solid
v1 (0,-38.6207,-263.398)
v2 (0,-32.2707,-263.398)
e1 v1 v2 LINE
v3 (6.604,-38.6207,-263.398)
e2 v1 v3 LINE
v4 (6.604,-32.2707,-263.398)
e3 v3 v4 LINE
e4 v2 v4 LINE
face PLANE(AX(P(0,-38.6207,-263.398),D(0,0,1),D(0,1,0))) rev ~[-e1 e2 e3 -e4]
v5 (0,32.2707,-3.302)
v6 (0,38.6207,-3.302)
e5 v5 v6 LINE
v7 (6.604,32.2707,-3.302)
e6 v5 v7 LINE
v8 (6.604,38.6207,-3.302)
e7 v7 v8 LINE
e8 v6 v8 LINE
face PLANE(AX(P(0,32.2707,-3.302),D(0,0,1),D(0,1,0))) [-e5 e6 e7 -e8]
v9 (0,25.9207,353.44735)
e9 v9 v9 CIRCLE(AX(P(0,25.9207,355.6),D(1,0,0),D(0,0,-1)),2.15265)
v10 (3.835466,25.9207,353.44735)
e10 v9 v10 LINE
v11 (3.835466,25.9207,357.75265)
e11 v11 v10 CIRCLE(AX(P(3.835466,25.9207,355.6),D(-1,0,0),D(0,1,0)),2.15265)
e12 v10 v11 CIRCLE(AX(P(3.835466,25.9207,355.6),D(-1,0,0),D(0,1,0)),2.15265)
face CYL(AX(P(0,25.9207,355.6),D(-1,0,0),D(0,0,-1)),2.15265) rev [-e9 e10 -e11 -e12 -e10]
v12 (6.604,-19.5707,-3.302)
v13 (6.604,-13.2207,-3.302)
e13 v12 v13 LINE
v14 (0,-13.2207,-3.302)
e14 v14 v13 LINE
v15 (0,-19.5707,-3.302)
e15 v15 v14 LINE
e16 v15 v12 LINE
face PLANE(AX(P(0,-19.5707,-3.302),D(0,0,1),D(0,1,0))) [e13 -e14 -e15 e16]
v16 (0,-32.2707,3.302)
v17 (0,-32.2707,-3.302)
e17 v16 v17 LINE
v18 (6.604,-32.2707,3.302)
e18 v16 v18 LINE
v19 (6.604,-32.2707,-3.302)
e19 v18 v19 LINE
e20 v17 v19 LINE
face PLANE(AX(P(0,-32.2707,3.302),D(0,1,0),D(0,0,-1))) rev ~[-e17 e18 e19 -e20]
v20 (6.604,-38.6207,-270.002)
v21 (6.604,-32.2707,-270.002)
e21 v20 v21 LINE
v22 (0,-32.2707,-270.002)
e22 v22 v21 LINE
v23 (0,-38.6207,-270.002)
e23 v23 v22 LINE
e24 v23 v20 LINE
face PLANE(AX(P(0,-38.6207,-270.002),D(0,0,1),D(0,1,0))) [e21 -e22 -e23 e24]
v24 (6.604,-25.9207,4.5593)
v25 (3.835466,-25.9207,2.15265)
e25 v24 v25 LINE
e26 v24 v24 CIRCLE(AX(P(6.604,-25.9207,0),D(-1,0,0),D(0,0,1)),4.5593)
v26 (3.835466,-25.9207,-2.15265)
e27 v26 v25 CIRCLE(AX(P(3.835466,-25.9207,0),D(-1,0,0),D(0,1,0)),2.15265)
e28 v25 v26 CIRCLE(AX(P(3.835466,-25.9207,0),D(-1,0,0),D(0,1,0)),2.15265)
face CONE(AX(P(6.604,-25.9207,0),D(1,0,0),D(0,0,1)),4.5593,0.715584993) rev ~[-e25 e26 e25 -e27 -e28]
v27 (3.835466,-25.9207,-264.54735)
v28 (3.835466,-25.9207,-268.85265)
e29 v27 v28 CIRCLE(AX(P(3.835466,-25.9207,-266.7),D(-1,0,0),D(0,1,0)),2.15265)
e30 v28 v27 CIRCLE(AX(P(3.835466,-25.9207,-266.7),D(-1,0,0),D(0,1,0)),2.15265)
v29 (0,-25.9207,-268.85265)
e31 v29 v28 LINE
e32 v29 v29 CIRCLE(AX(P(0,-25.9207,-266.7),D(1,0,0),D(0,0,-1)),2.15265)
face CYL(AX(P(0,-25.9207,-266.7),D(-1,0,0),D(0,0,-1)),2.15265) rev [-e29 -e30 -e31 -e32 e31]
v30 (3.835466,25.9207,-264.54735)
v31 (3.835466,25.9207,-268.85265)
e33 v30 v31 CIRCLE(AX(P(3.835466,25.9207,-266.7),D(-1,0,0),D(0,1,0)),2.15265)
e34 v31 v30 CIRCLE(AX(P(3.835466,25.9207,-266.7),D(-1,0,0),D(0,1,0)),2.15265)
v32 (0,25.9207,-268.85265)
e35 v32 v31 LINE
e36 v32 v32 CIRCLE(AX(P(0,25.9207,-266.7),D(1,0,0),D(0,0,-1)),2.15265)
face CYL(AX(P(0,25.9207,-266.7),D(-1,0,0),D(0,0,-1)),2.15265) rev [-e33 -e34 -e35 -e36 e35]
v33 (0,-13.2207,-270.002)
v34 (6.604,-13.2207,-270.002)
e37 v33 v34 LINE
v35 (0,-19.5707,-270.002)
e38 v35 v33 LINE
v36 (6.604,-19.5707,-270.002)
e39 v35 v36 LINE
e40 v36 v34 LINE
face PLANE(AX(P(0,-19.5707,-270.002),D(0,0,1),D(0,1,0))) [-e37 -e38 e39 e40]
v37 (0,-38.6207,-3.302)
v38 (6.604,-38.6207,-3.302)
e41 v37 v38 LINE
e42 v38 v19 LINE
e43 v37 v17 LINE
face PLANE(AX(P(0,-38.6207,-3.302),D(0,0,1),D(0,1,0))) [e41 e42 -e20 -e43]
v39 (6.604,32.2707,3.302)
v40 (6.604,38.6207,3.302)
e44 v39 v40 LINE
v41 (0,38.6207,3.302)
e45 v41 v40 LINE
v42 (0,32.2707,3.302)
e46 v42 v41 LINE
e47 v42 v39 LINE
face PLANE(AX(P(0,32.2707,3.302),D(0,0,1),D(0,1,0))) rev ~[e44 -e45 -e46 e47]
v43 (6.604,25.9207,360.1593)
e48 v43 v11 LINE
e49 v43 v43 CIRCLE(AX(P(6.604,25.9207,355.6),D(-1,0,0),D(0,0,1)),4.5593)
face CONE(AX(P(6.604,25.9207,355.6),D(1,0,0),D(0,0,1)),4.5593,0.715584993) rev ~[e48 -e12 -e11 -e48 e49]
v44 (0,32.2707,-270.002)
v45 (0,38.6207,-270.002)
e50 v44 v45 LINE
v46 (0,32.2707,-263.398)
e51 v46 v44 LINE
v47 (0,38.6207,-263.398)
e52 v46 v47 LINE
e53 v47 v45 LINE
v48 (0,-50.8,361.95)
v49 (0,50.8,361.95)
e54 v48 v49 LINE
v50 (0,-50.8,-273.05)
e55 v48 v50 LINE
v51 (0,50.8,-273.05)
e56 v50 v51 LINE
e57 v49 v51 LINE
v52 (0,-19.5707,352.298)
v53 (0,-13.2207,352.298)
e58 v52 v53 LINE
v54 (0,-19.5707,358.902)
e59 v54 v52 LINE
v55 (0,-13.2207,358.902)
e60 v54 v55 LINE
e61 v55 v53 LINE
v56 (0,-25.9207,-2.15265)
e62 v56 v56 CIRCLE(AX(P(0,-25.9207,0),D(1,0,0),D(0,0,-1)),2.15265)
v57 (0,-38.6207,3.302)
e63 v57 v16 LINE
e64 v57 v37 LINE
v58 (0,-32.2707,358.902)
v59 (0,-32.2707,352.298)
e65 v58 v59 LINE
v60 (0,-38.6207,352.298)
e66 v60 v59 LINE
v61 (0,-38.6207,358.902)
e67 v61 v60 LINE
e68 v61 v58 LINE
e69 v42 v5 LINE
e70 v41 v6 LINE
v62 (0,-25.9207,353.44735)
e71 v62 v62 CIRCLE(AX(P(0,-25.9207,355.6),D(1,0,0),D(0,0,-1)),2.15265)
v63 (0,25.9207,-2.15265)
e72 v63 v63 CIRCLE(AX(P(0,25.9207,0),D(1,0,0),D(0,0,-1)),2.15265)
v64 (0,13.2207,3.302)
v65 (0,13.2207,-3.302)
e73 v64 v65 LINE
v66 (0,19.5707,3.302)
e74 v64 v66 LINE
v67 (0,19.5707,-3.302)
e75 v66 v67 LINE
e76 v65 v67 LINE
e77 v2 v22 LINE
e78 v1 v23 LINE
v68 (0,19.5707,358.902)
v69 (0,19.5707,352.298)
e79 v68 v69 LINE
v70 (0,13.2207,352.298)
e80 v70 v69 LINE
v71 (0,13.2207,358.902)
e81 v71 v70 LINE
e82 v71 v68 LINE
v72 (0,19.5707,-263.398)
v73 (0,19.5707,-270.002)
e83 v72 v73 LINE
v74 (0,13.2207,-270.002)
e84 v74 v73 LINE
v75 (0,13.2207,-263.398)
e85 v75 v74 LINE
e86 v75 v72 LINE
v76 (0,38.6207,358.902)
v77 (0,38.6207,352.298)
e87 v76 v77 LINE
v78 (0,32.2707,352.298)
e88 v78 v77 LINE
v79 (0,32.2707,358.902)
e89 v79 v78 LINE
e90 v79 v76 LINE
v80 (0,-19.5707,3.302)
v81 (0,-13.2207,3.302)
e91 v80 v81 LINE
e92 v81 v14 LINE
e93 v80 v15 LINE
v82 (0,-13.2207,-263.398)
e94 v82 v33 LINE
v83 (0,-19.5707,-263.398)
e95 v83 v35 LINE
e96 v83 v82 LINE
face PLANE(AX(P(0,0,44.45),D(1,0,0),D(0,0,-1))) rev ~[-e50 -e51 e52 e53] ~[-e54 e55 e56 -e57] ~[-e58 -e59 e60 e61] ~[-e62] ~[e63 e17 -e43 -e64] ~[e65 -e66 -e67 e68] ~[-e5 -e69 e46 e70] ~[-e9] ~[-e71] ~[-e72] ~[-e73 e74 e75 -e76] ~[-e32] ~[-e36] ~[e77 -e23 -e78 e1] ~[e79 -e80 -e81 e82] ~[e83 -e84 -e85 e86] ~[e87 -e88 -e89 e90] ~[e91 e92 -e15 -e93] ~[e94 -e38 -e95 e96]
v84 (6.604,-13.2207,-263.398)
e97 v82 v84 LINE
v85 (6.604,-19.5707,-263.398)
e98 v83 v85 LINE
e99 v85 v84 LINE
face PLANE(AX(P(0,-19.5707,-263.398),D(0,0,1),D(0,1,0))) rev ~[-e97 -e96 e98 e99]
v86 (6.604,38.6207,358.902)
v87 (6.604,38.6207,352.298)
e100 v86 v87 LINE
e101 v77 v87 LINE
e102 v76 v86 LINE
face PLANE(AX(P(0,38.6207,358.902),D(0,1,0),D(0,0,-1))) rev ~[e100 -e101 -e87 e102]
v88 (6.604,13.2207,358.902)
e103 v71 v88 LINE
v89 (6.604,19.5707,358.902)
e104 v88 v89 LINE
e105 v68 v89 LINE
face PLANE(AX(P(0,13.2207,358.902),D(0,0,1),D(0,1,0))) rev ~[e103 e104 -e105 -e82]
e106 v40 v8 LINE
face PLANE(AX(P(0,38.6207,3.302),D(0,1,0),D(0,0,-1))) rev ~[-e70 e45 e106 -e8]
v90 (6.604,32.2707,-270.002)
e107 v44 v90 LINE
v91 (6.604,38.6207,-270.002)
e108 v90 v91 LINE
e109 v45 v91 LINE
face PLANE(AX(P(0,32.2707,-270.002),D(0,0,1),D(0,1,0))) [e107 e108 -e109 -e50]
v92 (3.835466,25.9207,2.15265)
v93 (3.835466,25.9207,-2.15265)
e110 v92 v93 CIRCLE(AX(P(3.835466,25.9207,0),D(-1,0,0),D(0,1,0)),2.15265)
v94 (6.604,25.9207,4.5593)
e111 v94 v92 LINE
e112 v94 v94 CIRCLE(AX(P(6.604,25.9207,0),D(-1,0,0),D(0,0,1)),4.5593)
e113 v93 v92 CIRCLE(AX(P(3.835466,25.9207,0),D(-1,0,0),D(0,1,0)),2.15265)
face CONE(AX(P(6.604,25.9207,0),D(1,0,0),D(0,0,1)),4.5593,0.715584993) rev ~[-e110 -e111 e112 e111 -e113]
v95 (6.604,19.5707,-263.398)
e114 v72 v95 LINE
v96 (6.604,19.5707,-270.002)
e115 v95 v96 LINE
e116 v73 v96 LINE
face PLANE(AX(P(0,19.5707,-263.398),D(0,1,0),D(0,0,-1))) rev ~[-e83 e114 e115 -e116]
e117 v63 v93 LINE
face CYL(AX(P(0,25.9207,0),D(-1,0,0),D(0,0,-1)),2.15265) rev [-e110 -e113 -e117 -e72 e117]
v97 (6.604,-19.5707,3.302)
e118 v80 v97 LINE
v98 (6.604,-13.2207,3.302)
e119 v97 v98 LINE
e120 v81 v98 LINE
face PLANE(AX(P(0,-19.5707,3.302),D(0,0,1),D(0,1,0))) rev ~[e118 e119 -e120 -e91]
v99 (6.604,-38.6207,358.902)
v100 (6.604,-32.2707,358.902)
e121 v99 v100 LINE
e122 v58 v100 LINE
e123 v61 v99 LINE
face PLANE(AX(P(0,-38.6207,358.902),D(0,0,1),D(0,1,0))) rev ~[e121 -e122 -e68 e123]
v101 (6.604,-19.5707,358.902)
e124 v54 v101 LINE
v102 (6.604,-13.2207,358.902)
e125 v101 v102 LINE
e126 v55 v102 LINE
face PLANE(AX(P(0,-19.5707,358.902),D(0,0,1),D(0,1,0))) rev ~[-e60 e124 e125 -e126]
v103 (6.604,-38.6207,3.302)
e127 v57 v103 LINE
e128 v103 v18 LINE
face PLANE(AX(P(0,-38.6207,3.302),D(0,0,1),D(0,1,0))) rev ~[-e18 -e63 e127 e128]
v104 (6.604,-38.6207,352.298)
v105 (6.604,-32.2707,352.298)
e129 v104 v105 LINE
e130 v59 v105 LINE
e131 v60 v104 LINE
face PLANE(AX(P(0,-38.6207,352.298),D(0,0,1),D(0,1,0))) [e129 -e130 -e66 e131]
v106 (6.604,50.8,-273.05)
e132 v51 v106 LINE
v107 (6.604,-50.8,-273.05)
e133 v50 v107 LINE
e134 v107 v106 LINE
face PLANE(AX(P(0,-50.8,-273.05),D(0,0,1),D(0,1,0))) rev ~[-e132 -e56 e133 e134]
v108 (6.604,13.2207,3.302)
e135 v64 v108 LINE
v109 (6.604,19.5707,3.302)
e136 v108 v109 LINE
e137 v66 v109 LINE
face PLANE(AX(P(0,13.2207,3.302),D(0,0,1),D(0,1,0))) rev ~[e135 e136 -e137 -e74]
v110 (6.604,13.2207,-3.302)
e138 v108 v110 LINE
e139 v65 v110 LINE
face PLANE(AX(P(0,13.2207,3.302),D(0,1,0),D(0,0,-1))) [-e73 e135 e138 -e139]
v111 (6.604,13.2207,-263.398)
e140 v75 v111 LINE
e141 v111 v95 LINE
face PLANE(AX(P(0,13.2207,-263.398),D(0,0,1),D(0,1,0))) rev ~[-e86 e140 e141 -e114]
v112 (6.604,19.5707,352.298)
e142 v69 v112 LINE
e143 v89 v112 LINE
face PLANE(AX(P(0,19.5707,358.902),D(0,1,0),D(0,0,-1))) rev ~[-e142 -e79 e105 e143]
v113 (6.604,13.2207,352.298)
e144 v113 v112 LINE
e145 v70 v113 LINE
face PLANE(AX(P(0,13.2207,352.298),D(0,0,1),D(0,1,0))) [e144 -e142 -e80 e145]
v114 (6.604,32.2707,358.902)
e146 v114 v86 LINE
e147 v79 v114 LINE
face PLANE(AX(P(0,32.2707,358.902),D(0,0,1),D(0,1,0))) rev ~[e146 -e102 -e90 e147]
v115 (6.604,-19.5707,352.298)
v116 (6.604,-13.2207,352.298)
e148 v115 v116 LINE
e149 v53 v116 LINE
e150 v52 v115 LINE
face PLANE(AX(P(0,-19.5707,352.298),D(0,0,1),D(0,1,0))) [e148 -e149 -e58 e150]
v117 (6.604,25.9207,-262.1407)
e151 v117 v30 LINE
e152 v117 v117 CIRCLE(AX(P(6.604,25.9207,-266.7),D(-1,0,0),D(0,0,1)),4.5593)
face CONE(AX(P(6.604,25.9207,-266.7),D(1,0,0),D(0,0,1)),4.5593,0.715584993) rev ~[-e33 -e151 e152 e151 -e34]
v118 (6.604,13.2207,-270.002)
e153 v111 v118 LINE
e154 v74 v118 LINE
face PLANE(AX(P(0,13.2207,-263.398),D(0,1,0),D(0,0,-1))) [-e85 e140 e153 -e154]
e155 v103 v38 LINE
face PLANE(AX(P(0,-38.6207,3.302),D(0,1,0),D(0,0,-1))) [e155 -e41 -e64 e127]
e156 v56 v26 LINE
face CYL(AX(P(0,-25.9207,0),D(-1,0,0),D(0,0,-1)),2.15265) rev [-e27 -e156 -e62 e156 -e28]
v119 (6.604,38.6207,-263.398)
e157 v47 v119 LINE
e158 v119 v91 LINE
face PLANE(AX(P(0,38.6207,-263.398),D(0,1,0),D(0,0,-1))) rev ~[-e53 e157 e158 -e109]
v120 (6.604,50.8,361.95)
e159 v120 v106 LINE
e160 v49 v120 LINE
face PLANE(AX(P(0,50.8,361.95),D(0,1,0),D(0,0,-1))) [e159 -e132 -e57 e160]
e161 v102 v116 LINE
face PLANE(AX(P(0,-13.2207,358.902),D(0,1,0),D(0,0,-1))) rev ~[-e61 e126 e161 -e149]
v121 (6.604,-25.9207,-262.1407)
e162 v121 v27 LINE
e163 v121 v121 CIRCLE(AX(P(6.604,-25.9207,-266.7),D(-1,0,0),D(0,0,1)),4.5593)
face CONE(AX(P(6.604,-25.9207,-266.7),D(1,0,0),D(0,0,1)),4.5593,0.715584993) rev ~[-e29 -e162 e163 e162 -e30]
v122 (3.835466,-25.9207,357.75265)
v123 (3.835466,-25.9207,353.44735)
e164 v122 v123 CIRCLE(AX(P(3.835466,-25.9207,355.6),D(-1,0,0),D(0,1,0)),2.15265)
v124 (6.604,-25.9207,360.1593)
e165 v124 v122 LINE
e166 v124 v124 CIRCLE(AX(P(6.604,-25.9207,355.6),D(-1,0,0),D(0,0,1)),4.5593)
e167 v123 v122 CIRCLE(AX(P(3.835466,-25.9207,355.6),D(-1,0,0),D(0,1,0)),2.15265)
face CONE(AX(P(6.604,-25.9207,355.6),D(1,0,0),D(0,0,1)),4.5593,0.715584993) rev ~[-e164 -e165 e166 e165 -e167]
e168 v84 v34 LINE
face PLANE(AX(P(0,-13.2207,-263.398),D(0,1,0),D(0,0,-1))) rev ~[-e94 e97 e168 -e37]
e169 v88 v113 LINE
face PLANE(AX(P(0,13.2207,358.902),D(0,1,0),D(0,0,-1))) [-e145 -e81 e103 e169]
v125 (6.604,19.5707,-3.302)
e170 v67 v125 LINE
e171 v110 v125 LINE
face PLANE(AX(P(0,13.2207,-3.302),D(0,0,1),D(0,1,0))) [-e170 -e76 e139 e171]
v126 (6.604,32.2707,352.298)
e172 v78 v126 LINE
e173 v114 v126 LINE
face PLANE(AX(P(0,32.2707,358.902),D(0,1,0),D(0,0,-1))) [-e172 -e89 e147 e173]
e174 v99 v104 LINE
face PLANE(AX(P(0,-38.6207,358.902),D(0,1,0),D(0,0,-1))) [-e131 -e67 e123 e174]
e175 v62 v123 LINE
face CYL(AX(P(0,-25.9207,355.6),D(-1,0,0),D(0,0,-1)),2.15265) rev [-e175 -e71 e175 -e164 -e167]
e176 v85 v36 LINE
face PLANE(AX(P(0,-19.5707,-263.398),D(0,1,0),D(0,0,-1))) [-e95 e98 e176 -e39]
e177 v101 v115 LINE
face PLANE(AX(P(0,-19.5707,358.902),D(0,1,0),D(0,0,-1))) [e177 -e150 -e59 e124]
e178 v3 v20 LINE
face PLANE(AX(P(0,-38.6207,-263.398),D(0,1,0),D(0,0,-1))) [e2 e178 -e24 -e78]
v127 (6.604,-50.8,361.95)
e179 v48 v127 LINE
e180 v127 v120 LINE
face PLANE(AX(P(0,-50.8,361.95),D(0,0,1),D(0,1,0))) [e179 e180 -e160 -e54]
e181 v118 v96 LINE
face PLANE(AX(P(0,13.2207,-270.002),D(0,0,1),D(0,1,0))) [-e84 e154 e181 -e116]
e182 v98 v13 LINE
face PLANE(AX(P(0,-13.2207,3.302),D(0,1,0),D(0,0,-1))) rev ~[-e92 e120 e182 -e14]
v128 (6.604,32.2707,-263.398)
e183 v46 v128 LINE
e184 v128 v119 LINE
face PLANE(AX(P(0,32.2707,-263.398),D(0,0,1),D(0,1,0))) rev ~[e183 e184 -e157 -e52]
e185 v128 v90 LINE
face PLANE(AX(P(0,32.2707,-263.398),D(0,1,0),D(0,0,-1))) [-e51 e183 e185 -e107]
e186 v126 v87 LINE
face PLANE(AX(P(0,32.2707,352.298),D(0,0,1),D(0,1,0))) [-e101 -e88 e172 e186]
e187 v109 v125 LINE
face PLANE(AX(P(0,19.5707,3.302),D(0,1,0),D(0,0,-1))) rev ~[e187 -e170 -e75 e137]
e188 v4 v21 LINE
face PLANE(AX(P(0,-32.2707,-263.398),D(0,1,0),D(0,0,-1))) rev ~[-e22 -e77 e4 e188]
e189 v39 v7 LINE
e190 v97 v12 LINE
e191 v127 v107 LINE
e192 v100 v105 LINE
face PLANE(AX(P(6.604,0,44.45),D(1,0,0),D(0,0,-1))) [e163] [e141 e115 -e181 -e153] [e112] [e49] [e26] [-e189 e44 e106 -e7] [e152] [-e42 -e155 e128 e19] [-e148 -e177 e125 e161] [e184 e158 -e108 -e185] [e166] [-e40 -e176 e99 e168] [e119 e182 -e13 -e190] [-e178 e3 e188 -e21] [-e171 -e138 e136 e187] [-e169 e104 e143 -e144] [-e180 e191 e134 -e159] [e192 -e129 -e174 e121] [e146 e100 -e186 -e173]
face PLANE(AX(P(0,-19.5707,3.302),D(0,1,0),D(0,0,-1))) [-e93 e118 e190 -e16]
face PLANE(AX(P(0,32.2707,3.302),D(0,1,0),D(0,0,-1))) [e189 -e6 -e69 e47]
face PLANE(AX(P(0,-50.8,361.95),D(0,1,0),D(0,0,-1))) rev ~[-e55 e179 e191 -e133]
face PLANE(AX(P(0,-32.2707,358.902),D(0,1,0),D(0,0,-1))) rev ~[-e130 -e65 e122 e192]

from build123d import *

# Parameters (mm, degrees)
SKETCH1_W                                         = 635
SKETCH1_H                                         = 101.6
SKETCH1_R                                         = 2.15265
SKETCH1_W_2                                       = 6.604
SKETCH1_H_2                                       = 6.35
BOSS_EXTRUDE1_DEPTH                               = 6.604
CSK_FOR_8_FLAT_HEAD_SOCKET_CAP_SCREW1_D           = 4.3053
CSK_FOR_8_FLAT_HEAD_SOCKET_CAP_SCREW1_CSINK_D     = 9.1186
CSK_FOR_8_FLAT_HEAD_SOCKET_CAP_SCREW1_CSINK_ANGLE = 82


with BuildPart() as part:
    # Sketch1 → Boss-Extrude1 (new body)
    with BuildSketch(Plane(origin=(0, 0, 0), x_dir=(0, 0, -1), z_dir=(1, 0, 0))):
        with Locations((-44.45, 0)):
            Rectangle(SKETCH1_W, SKETCH1_H)
        with Locations((-355.6, 25.9207)):
            Circle(SKETCH1_R, mode=Mode.SUBTRACT)
        with Locations((-355.6, -25.9207)):
            Circle(SKETCH1_R, mode=Mode.SUBTRACT)
        with Locations((0, -25.9207)):
            Circle(SKETCH1_R, mode=Mode.SUBTRACT)
        with Locations((0, 25.9207)):
            Circle(SKETCH1_R, mode=Mode.SUBTRACT)
        with Locations((266.7, -25.9207)):
            Circle(SKETCH1_R, mode=Mode.SUBTRACT)
        with Locations((266.7, 25.9207)):
            Circle(SKETCH1_R, mode=Mode.SUBTRACT)
        with Locations((-355.6, 16.3957)):
            Rectangle(SKETCH1_W_2, SKETCH1_H_2, mode=Mode.SUBTRACT)
        with Locations((-355.6, 35.4457)):
            Rectangle(SKETCH1_W_2, SKETCH1_H_2, mode=Mode.SUBTRACT)
        with Locations((-355.6, -35.4457)):
            Rectangle(SKETCH1_W_2, SKETCH1_H_2, mode=Mode.SUBTRACT)
        with Locations((-355.6, -16.3957)):
            Rectangle(SKETCH1_W_2, SKETCH1_H_2, mode=Mode.SUBTRACT)
        with Locations((0, -16.3957)):
            Rectangle(SKETCH1_W_2, SKETCH1_H_2, mode=Mode.SUBTRACT)
        with Locations((0, -35.4457)):
            Rectangle(SKETCH1_W_2, SKETCH1_H_2, mode=Mode.SUBTRACT)
        with Locations((0, 35.4457)):
            Rectangle(SKETCH1_W_2, SKETCH1_H_2, mode=Mode.SUBTRACT)
        with Locations((0, 16.3957)):
            Rectangle(SKETCH1_W_2, SKETCH1_H_2, mode=Mode.SUBTRACT)
        with Locations((266.7, -16.3957)):
            Rectangle(SKETCH1_W_2, SKETCH1_H_2, mode=Mode.SUBTRACT)
        with Locations((266.7, -35.4457)):
            Rectangle(SKETCH1_W_2, SKETCH1_H_2, mode=Mode.SUBTRACT)
        with Locations((266.7, 35.4457)):
            Rectangle(SKETCH1_W_2, SKETCH1_H_2, mode=Mode.SUBTRACT)
        with Locations((266.7, 16.3957)):
            Rectangle(SKETCH1_W_2, SKETCH1_H_2, mode=Mode.SUBTRACT)
    extrude(amount=BOSS_EXTRUDE1_DEPTH)

    # CSK for #8 Flat Head Socket Cap Screw1 (through all)
    with Locations(Plane(origin=(6.604, 0, 0), x_dir=(0, 0, -1), z_dir=(1, 0, 0))):
        with Locations((-355.6, 25.9207), (-355.6, -25.9207), (0, 25.9207), (0, -25.9207), (266.7, 25.9207), (266.7, -25.9207)):
            CounterSinkHole(CSK_FOR_8_FLAT_HEAD_SOCKET_CAP_SCREW1_D / 2, CSK_FOR_8_FLAT_HEAD_SOCKET_CAP_SCREW1_CSINK_D / 2, counter_sink_angle=CSK_FOR_8_FLAT_HEAD_SOCKET_CAP_SCREW1_CSINK_ANGLE)


solid = part.part
